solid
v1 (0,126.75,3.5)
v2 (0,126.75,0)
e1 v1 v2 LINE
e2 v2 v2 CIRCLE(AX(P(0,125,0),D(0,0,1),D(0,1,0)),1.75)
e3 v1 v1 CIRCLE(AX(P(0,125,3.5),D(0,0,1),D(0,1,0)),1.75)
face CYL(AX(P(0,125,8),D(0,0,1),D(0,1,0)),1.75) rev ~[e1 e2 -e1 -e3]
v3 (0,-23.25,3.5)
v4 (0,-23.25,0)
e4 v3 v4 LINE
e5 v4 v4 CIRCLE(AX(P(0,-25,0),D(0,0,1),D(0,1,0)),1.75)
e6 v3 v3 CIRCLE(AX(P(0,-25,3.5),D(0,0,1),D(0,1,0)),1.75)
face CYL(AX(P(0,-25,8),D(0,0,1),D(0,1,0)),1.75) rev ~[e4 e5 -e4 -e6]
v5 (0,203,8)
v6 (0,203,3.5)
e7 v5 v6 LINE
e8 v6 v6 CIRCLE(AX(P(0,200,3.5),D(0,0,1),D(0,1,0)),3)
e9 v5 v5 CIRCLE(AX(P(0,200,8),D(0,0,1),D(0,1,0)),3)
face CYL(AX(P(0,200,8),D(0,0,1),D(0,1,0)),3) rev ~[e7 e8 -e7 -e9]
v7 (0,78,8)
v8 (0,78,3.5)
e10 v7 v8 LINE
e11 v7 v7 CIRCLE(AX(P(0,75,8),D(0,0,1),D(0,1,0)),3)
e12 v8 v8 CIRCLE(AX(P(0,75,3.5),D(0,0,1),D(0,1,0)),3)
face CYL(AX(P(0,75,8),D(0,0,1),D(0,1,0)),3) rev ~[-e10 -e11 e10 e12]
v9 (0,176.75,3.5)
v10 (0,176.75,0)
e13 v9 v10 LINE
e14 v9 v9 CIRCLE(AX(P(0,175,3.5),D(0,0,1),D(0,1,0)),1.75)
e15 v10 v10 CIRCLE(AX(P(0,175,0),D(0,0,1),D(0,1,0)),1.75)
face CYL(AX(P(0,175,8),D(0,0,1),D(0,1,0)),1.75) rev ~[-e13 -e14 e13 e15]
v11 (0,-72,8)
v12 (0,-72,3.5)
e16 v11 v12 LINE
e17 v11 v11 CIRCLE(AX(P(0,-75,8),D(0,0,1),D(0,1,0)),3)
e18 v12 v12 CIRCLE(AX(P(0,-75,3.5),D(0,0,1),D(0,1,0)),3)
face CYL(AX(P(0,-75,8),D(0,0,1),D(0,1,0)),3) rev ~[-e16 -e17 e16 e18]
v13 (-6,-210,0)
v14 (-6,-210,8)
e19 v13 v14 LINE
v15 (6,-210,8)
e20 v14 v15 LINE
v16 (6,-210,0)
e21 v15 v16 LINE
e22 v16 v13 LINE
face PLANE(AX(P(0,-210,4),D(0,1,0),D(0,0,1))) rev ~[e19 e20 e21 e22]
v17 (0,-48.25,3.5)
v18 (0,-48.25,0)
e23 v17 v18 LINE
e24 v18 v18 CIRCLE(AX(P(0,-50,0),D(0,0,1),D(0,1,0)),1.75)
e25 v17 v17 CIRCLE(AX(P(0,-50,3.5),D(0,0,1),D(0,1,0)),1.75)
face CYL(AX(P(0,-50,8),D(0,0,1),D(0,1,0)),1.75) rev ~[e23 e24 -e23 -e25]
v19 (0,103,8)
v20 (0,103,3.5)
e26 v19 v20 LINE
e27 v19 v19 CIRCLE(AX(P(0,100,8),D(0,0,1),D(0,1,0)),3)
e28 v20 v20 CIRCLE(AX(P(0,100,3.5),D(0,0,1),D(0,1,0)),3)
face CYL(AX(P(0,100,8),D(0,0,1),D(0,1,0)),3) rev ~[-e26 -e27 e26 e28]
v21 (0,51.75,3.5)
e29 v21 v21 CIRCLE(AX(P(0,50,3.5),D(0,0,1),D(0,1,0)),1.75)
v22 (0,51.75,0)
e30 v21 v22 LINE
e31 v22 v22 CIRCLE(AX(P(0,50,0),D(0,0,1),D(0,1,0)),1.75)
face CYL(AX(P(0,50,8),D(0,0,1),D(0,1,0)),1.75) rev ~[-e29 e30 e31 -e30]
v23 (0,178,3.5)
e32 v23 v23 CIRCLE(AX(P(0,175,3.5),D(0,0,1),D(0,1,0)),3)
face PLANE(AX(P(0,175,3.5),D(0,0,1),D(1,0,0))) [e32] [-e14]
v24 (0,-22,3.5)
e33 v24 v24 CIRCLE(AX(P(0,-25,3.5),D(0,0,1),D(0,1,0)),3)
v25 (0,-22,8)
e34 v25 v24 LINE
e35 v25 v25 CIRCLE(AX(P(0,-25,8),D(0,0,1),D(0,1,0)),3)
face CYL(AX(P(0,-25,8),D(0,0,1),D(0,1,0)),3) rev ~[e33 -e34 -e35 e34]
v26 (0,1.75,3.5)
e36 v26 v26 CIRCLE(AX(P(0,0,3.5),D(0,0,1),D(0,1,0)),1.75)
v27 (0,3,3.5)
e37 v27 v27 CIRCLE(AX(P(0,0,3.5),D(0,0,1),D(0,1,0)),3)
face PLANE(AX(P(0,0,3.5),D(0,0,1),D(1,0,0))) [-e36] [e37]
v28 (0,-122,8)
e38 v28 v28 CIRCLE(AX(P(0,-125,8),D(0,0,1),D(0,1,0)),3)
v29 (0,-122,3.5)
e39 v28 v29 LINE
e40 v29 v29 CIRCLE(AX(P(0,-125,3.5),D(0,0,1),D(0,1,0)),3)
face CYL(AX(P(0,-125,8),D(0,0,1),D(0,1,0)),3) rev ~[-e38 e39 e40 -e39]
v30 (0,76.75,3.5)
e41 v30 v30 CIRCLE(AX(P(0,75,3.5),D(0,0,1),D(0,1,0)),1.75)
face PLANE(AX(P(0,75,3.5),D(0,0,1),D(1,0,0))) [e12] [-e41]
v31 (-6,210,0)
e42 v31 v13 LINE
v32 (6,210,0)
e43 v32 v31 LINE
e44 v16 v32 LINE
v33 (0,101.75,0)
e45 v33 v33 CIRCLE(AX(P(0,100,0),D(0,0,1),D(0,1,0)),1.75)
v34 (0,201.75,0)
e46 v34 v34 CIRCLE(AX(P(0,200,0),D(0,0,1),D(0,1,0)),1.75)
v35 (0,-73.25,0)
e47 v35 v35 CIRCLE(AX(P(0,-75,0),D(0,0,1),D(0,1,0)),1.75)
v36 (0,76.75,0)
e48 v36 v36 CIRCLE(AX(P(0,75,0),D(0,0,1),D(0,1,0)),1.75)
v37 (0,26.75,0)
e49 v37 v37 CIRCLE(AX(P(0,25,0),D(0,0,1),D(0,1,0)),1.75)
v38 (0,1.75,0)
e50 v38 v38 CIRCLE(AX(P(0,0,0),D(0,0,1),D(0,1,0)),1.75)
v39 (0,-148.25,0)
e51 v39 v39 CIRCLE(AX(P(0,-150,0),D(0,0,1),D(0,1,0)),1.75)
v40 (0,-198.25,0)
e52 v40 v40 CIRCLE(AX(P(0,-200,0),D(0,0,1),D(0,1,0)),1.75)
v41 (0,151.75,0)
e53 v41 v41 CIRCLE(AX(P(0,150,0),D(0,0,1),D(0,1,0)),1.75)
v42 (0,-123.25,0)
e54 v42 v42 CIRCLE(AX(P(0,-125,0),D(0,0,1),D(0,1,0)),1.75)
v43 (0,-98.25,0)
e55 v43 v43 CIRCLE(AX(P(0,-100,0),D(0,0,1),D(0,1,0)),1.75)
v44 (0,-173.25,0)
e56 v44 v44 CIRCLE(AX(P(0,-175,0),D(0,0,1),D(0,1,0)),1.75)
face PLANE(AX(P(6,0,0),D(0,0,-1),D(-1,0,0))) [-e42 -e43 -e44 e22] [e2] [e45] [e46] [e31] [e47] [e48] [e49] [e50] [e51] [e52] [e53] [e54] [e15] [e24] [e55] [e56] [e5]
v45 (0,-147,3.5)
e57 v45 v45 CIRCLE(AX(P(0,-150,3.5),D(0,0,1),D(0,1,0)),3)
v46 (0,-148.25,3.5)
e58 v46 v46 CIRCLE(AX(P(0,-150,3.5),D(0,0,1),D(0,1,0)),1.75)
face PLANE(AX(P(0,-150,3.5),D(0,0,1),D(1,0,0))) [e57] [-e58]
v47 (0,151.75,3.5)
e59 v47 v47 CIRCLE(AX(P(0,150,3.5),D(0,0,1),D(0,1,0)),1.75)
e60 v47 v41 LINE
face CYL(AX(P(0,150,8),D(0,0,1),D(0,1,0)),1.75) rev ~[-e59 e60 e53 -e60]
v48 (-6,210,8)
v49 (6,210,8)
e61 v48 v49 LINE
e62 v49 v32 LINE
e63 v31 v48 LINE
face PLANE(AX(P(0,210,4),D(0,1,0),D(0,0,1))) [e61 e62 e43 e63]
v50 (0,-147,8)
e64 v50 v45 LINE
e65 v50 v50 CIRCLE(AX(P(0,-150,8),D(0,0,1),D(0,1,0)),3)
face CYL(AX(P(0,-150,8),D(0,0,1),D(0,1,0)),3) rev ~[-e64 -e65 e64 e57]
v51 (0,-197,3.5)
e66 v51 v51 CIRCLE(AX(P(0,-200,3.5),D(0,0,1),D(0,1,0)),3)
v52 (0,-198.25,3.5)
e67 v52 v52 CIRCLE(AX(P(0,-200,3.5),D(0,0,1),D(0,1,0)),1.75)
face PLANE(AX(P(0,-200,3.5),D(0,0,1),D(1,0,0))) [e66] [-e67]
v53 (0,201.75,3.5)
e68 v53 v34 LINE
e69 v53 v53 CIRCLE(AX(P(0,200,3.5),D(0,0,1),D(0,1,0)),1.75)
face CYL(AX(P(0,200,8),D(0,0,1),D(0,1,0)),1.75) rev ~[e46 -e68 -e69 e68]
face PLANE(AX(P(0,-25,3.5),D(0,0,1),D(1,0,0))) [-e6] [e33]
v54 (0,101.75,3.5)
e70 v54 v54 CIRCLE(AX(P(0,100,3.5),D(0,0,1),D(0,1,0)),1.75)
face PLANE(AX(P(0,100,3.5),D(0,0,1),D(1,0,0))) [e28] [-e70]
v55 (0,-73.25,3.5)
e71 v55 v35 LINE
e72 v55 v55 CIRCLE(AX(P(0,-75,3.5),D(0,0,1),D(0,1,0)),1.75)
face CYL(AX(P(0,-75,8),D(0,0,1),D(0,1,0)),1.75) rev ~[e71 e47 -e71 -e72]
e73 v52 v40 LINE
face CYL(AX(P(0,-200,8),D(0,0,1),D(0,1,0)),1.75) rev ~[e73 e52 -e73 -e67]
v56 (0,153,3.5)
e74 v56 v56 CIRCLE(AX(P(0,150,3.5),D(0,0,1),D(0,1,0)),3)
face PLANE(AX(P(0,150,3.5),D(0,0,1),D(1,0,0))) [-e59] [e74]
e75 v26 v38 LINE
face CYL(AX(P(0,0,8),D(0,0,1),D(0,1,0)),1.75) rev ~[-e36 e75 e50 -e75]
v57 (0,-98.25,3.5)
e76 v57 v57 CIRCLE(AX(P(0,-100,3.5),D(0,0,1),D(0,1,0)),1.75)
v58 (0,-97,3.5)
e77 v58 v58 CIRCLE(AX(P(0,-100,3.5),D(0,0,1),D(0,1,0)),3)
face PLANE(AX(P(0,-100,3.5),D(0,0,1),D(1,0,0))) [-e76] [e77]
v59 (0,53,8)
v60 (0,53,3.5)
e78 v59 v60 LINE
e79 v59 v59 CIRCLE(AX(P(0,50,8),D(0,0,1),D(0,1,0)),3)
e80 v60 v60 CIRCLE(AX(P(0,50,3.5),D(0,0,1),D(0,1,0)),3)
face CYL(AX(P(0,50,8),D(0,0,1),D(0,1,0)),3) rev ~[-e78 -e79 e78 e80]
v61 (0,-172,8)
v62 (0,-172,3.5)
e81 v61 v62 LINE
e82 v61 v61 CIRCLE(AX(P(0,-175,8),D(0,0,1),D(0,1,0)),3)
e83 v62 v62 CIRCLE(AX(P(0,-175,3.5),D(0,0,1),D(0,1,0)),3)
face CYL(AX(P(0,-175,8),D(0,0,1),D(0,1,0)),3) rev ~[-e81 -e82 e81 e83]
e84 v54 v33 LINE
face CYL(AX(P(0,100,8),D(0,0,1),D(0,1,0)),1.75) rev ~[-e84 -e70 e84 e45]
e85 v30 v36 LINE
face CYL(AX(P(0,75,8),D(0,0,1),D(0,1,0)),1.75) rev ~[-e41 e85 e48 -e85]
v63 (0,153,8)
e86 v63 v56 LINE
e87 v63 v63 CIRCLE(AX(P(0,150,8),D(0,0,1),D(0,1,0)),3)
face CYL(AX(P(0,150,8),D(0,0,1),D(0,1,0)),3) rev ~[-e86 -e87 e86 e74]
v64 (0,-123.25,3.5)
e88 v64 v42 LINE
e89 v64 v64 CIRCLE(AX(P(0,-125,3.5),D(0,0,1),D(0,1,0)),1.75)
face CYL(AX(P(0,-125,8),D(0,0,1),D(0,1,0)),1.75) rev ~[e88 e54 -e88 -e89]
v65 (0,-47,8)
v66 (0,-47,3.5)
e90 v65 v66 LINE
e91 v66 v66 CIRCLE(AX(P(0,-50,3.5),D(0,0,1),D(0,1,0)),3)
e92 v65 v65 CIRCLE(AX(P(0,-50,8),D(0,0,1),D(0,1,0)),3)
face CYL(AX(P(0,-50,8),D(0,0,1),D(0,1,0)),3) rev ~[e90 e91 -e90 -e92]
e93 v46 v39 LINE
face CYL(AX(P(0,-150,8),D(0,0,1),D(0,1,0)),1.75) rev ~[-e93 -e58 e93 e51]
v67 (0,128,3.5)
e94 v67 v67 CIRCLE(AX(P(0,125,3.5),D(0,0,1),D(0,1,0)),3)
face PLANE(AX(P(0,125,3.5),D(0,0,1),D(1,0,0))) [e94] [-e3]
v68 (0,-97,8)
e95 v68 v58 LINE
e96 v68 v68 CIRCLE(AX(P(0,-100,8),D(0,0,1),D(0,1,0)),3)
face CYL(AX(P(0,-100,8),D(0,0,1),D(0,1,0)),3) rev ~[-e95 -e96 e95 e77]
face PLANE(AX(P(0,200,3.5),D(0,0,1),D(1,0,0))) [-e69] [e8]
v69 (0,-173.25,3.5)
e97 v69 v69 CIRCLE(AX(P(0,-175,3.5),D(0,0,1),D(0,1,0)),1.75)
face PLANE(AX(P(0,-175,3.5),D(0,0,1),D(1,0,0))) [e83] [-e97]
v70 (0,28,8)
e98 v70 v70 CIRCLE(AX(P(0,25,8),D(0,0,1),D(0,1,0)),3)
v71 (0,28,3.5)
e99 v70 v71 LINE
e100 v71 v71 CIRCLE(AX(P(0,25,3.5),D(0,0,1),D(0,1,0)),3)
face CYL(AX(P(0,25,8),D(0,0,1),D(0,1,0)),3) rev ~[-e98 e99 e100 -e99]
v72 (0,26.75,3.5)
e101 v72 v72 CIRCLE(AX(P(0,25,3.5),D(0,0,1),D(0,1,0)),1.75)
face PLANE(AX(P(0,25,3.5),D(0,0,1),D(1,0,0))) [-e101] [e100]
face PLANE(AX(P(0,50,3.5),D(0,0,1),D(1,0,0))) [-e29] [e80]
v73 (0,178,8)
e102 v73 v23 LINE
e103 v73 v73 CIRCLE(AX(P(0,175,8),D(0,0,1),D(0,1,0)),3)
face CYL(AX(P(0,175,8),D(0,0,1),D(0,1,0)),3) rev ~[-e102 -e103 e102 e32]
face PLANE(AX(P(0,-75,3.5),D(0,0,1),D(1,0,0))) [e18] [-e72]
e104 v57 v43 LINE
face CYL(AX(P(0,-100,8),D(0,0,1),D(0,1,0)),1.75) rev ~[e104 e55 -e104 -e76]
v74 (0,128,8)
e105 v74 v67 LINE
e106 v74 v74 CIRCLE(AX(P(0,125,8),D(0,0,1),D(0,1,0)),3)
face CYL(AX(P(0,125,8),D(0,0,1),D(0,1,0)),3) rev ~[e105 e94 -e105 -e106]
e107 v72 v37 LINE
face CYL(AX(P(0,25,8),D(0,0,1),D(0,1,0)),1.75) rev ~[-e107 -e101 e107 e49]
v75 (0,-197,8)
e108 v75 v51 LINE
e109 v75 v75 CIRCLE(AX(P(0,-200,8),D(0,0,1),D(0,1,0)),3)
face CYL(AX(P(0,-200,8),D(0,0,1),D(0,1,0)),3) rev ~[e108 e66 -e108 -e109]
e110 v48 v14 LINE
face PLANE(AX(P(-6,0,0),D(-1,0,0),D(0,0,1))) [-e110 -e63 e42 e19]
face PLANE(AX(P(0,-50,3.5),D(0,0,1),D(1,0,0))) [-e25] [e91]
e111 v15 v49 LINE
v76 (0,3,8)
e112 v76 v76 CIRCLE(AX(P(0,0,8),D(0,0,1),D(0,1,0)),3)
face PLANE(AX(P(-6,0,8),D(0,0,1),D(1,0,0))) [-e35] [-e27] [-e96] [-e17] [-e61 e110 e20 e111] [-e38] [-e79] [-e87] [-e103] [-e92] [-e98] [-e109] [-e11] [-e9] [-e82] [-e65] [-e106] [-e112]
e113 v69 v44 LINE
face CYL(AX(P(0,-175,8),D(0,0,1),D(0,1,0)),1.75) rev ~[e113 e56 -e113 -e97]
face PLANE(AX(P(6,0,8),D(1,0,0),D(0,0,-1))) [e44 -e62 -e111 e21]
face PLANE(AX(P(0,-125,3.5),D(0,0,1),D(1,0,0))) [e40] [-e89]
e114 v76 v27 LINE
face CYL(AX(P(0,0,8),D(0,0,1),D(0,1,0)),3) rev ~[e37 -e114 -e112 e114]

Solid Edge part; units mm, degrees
sketch "Sketch1" plane through (0, 0, 0) normal (0, -1, 0) x (1, 0, 0)
  line L0 (-6, 8) -> (6, 8)
  line L1 (6, 8) -> (6, 0)
  line L2 (6, 0) -> (-6, 0)
  line L3 (-6, 0) -> (-6, 8)
  dimension "D1" = 12
  dimension "D2" = 8
extrude "Protrusion1" add sketch "Sketch1" along normal mid plane 420
sketch "Sketch2" plane through (0, 0, 8) normal (0, 0, 1) x (0, 1, 0)
  circle A0 centre (200, 0) radius 1.75
  dimension "D1" = 3.5
extrude "Cutout1" cut sketch "Sketch2" against normal through all
sketch "Sketch3" plane through (0, 0, 8) normal (0, 0, 1) x (0, 1, 0)
  circle A0 centre (200, 0) radius 3
  dimension "D1" = 6
extrude "ExtrudedCutout_2" cut sketch "Sketch3" against normal blind 4.5
pattern_linear "Pattern1" count 17 spacing 25 along (0, -1, 0) of "Cutout1", "ExtrudedCutout_2"
properties material "Stainless Steel, 410"
